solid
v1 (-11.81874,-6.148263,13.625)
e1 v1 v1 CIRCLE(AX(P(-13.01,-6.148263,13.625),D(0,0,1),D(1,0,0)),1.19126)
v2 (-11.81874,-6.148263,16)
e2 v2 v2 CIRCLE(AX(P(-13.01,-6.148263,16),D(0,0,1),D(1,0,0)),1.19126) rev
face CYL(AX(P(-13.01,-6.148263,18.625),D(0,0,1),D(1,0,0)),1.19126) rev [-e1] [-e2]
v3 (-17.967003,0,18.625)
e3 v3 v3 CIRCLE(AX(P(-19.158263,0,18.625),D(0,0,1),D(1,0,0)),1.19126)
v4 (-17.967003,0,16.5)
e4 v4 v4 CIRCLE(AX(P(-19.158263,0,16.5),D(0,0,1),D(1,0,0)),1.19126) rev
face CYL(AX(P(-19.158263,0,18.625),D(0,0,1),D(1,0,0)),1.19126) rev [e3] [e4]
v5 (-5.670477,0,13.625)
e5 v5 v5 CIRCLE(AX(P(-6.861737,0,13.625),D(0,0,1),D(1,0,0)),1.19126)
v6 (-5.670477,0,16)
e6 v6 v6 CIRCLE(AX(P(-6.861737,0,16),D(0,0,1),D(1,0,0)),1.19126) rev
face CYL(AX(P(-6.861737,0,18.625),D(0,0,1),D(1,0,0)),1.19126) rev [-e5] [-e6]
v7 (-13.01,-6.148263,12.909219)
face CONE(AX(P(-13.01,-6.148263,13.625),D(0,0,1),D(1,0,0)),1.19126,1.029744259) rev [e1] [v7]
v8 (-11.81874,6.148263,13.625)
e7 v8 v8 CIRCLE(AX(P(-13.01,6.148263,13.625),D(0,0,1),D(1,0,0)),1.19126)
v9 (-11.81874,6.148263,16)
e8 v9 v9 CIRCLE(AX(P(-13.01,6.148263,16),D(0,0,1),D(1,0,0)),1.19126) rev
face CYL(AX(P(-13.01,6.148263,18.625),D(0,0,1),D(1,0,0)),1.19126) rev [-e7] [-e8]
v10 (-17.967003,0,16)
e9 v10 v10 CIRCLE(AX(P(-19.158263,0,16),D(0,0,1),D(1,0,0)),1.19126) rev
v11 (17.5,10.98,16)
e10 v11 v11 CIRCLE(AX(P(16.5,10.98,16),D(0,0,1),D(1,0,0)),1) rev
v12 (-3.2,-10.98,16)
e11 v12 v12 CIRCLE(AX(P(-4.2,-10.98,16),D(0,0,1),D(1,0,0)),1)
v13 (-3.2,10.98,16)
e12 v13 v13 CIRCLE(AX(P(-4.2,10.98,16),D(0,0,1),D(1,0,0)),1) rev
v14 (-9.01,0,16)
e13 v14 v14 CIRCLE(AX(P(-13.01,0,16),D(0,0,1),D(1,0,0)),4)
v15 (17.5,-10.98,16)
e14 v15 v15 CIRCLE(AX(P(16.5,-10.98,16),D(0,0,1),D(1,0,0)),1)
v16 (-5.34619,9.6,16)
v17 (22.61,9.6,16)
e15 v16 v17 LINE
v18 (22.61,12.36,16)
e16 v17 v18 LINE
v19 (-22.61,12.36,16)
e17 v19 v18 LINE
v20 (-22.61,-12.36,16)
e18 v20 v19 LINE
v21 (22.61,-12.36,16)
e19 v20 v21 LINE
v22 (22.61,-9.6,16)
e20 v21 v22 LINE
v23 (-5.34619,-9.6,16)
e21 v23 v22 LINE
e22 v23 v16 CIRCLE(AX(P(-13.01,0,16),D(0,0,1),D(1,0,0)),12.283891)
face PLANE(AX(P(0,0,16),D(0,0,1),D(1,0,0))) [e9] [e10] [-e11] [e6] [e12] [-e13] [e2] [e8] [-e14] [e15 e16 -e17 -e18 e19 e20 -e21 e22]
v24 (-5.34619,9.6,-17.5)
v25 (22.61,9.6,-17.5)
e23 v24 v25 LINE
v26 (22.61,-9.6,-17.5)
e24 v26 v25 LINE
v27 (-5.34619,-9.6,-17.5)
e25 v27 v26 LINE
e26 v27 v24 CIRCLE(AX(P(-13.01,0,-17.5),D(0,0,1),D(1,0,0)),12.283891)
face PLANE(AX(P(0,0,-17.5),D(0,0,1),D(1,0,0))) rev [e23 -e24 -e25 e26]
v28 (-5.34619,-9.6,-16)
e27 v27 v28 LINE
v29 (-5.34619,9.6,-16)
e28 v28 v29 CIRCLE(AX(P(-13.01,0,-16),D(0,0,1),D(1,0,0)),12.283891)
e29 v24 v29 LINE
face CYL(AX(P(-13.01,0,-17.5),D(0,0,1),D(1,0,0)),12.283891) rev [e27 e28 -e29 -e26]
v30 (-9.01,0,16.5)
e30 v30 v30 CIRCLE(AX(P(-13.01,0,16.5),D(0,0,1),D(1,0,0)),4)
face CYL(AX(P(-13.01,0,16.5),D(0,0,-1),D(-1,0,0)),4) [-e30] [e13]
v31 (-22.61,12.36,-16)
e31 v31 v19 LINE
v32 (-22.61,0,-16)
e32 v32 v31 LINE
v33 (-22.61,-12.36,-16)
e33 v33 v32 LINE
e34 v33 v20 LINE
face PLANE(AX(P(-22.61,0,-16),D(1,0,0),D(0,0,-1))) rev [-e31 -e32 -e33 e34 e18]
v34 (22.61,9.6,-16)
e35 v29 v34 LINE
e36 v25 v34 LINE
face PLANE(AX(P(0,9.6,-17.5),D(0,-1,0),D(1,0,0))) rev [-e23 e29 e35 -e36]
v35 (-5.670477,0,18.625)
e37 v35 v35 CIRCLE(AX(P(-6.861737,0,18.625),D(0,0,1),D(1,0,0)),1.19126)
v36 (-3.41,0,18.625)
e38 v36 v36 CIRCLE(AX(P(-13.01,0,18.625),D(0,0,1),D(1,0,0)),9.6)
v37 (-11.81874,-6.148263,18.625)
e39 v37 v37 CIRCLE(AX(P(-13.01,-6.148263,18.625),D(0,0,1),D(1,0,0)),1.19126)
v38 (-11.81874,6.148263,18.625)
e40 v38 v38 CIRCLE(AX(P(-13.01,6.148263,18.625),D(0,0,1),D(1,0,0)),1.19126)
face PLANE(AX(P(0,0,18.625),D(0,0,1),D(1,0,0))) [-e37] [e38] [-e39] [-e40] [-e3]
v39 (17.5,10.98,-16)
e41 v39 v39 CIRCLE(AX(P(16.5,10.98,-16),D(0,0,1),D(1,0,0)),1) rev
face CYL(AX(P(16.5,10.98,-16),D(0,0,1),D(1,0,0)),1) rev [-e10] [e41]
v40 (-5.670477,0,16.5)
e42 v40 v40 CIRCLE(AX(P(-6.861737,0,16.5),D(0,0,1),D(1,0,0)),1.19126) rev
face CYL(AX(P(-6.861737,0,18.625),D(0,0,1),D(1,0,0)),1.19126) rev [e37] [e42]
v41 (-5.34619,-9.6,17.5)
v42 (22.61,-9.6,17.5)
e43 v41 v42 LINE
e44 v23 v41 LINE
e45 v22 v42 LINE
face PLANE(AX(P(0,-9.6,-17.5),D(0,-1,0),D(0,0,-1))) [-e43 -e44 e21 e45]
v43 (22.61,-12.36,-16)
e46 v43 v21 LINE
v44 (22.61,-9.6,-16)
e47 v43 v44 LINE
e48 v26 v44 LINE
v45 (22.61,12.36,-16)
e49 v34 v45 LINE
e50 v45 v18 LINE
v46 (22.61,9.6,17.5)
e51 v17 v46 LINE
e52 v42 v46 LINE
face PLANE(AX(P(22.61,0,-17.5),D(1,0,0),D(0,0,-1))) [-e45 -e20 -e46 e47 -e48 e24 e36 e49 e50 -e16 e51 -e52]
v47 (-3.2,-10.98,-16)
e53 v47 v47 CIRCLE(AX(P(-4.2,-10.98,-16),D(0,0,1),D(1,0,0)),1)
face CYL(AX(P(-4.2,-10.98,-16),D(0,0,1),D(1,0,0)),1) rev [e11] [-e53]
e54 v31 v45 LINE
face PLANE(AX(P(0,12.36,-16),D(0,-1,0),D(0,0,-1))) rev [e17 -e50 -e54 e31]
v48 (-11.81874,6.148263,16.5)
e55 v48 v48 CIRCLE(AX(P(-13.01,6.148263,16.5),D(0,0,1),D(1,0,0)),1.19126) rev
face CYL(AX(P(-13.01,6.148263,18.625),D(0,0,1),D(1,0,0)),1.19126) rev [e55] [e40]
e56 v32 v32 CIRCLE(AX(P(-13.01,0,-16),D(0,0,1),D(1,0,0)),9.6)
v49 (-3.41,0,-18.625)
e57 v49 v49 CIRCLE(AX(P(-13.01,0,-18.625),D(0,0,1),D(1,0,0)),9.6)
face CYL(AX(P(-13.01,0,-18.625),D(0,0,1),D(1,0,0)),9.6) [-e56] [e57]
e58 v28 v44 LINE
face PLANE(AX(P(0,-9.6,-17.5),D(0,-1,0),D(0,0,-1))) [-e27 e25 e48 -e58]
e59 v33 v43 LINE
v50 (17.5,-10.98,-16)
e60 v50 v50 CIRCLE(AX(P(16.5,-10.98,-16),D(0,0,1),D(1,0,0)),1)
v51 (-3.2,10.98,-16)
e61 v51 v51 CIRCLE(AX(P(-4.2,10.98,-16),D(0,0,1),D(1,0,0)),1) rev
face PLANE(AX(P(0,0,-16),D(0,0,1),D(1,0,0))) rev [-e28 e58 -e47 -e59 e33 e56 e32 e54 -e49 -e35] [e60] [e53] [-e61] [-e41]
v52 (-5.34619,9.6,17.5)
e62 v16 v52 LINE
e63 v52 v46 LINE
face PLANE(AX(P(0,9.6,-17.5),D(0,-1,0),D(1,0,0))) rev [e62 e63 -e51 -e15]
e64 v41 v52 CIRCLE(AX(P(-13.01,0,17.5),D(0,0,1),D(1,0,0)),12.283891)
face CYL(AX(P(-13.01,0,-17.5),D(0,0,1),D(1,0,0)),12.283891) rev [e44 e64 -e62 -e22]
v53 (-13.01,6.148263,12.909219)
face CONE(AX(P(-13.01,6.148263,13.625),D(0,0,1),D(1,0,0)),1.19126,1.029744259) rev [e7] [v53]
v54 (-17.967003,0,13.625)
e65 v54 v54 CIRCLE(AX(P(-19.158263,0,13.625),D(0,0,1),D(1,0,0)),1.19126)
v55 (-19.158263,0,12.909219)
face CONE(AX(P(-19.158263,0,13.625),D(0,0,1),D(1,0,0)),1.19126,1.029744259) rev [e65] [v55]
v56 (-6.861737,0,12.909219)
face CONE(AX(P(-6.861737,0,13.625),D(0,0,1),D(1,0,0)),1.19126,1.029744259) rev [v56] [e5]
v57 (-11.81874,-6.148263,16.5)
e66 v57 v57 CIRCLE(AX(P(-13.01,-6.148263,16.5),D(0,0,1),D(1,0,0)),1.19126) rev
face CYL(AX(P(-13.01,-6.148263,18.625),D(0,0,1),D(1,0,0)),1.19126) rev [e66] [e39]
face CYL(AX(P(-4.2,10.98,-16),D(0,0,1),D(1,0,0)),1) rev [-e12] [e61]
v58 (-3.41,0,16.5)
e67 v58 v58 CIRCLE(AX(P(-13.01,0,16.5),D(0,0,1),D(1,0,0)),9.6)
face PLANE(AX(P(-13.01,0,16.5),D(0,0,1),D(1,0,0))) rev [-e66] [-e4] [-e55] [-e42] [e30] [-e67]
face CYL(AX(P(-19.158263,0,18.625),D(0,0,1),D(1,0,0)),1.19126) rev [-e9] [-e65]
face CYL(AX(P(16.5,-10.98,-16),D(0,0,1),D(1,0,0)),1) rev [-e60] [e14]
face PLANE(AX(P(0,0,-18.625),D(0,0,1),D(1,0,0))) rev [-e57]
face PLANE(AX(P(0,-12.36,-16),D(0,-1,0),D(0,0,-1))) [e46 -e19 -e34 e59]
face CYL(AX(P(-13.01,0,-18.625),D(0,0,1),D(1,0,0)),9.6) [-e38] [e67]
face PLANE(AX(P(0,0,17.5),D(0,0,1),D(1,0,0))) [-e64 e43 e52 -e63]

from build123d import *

# Parameters (mm, degrees)
BOSS_EXTRUDE1_DEPTH             = 17.5
BOSS_EXTRUDE1_DEPTH_BACK        = 17.5
BOSS_EXTRUDE2_DEPTH             = 16
BOSS_EXTRUDE2_DEPTH_BACK        = 16
SKETCH1_3_R                     = 1
SKETCH1_3_W                     = 27.956190476
SKETCH1_3_H                     = 2.76
BOSS_EXTRUDE3_DEPTH             = 18.625
BOSS_EXTRUDE3_DEPTH_BACK        = 18.625
TAP_DRILL_FOR_2_HELICOIL1_D     = 2.38252
TAP_DRILL_FOR_2_HELICOIL1_DEPTH = 5
TAP_DRILL_FOR_2_HELICOIL1_TIP   = 0.715781221
SKETCH6_R                       = 9.6
SKETCH6_R_2                     = 4
CUT_EXTRUDE1_DEPTH              = 0.5


with BuildPart() as part:
    # Sketch1 → Boss-Extrude1 (new, two sides: drawn at the far end of the back side and taken through both)
    with BuildSketch(Plane.XY.offset(-BOSS_EXTRUDE1_DEPTH_BACK)):
        with BuildLine():
            Line((22.61, 0), (-0.726109068, 0))
            ThreePointArc((-0.726109068, 0), (-1.941229139, -5.326939839), (-5.346190476, -9.6))
            Line((-5.346190476, -9.6), (22.61, -9.6))
            Line((22.61, -9.6), (22.61, 0))
        make_face()
        with BuildLine():
            Line((22.61, 9.6), (-5.346190476, 9.6))
            ThreePointArc((-5.346190476, 9.6), (-1.941229139, 5.326939839), (-0.726109068, 0))
            Line((-0.726109068, 0), (22.61, 0))
            Line((22.61, 0), (22.61, 9.6))
        make_face()
    extrude(amount=BOSS_EXTRUDE1_DEPTH + BOSS_EXTRUDE1_DEPTH_BACK)

    # Sketch1<3> → Boss-Extrude2 (add, two sides: drawn at the far end of the back side and taken through both)
    # profile 1 of 7: a face of its own
    with BuildSketch(Plane.XY.offset(-BOSS_EXTRUDE2_DEPTH_BACK)):
        with BuildLine():
            ThreePointArc((-5.346190476, -9.6), (-1.941229139, -5.326939839), (-0.726109068, 0))
            Line((-0.726109068, 0), (-3.41, 0))
            ThreePointArc((-3.41, 0), (-13.01, -9.6), (-22.61, 0))
            Line((-22.61, 0), (-22.61, -12.36))
            Line((-22.61, -12.36), (-5.346190476, -12.36))
            Line((-5.346190476, -12.36), (-5.346190476, -9.6))
        make_face()
    # profile 2 of 7: a face of its own
    with BuildSketch(Plane.XY.offset(-BOSS_EXTRUDE2_DEPTH_BACK)):
        with BuildLine():
            ThreePointArc((-22.61, 0), (-13.01, -9.6), (-3.41, 0))
            Line((-3.41, 0), (-22.61, 0))
        make_face()
    # profile 3 of 7: a face of its own
    with BuildSketch(Plane.XY.offset(-BOSS_EXTRUDE2_DEPTH_BACK)):
        with BuildLine():
            Line((-22.61, 0), (-3.41, 0))
            ThreePointArc((-3.41, 0), (-13.01, 9.6), (-22.61, 0))
        make_face()
    # profile 4 of 7: a face of its own
    with BuildSketch(Plane.XY.offset(-BOSS_EXTRUDE2_DEPTH_BACK)):
        with BuildLine():
            ThreePointArc((-22.61, 0), (-13.01, -9.6), (-3.41, 0))
            Line((-3.41, 0), (-22.61, 0))
        make_face()
    # profile 5 of 7: a face of its own
    with BuildSketch(Plane.XY.offset(-BOSS_EXTRUDE2_DEPTH_BACK)):
        with BuildLine():
            Line((-22.61, 0), (-3.41, 0))
            ThreePointArc((-3.41, 0), (-13.01, 9.6), (-22.61, 0))
        make_face()
    # profile 6 of 7: a face of its own
    with BuildSketch(Plane.XY.offset(-BOSS_EXTRUDE2_DEPTH_BACK)):
        with BuildLine():
            ThreePointArc((-0.726109068, 0), (-1.941229139, 5.326939839), (-5.346190476, 9.6))
            Line((-5.346190476, 9.6), (22.61, 9.6))
            Line((22.61, 9.6), (22.61, 12.36))
            Line((22.61, 12.36), (-22.61, 12.36))
            Line((-22.61, 12.36), (-22.61, 0))
            ThreePointArc((-22.61, 0), (-13.01, 9.6), (-3.41, 0))
            Line((-3.41, 0), (-0.726109068, 0))
        make_face()
        with Locations((-4.2, 10.98)):
            Circle(SKETCH1_3_R, mode=Mode.SUBTRACT)
        with Locations((16.5, 10.98)):
            Circle(SKETCH1_3_R, mode=Mode.SUBTRACT)
    # profile 7 of 7: a face of its own
    with BuildSketch(Plane.XY.offset(-BOSS_EXTRUDE2_DEPTH_BACK)):
        with Locations((8.631904762, -10.98)):
            Rectangle(SKETCH1_3_W, SKETCH1_3_H)
        with Locations((-4.2, -10.98)):
            Circle(SKETCH1_3_R, mode=Mode.SUBTRACT)
        with Locations((16.5, -10.98)):
            Circle(SKETCH1_3_R, mode=Mode.SUBTRACT)
    extrude(amount=BOSS_EXTRUDE2_DEPTH + BOSS_EXTRUDE2_DEPTH_BACK)

    # Sketch1<4> → Boss-Extrude3 (add, two sides: drawn at the far end of the back side and taken through both)
    with BuildSketch(Plane.XY.offset(-BOSS_EXTRUDE3_DEPTH_BACK)):
        with BuildLine():
            ThreePointArc((-22.61, 0), (-13.01, -9.6), (-3.41, 0))
            Line((-3.41, 0), (-22.61, 0))
        make_face()
        with BuildLine():
            Line((-22.61, 0), (-3.41, 0))
            ThreePointArc((-3.41, 0), (-13.01, 9.6), (-22.61, 0))
        make_face()
    extrude(amount=BOSS_EXTRUDE3_DEPTH + BOSS_EXTRUDE3_DEPTH_BACK)

    # Tap Drill for #2 Helicoil1
    with Locations(Plane.XY.offset(18.625)):
        with Locations((-13.01, 6.148263222), (-6.861736778, 0), (-13.01, -6.148263222), (-19.158263222, 0)):
            Hole(TAP_DRILL_FOR_2_HELICOIL1_D / 2, depth=TAP_DRILL_FOR_2_HELICOIL1_DEPTH)
            with Locations((0, 0, -(TAP_DRILL_FOR_2_HELICOIL1_DEPTH + TAP_DRILL_FOR_2_HELICOIL1_TIP / 2))):  # 118° drill point
                Cone(0, TAP_DRILL_FOR_2_HELICOIL1_D / 2, TAP_DRILL_FOR_2_HELICOIL1_TIP, mode=Mode.SUBTRACT)

    # Sketch6 → Cut-Extrude1 (cut)
    with BuildSketch(Plane.XY.offset(16)):
        with Locations((-13.01, 0)):
            Circle(SKETCH6_R)
        with Locations((-13.01, 0)):
            Circle(SKETCH6_R_2, mode=Mode.SUBTRACT)
    extrude(amount=CUT_EXTRUDE1_DEPTH, mode=Mode.SUBTRACT)


solid = part.part
